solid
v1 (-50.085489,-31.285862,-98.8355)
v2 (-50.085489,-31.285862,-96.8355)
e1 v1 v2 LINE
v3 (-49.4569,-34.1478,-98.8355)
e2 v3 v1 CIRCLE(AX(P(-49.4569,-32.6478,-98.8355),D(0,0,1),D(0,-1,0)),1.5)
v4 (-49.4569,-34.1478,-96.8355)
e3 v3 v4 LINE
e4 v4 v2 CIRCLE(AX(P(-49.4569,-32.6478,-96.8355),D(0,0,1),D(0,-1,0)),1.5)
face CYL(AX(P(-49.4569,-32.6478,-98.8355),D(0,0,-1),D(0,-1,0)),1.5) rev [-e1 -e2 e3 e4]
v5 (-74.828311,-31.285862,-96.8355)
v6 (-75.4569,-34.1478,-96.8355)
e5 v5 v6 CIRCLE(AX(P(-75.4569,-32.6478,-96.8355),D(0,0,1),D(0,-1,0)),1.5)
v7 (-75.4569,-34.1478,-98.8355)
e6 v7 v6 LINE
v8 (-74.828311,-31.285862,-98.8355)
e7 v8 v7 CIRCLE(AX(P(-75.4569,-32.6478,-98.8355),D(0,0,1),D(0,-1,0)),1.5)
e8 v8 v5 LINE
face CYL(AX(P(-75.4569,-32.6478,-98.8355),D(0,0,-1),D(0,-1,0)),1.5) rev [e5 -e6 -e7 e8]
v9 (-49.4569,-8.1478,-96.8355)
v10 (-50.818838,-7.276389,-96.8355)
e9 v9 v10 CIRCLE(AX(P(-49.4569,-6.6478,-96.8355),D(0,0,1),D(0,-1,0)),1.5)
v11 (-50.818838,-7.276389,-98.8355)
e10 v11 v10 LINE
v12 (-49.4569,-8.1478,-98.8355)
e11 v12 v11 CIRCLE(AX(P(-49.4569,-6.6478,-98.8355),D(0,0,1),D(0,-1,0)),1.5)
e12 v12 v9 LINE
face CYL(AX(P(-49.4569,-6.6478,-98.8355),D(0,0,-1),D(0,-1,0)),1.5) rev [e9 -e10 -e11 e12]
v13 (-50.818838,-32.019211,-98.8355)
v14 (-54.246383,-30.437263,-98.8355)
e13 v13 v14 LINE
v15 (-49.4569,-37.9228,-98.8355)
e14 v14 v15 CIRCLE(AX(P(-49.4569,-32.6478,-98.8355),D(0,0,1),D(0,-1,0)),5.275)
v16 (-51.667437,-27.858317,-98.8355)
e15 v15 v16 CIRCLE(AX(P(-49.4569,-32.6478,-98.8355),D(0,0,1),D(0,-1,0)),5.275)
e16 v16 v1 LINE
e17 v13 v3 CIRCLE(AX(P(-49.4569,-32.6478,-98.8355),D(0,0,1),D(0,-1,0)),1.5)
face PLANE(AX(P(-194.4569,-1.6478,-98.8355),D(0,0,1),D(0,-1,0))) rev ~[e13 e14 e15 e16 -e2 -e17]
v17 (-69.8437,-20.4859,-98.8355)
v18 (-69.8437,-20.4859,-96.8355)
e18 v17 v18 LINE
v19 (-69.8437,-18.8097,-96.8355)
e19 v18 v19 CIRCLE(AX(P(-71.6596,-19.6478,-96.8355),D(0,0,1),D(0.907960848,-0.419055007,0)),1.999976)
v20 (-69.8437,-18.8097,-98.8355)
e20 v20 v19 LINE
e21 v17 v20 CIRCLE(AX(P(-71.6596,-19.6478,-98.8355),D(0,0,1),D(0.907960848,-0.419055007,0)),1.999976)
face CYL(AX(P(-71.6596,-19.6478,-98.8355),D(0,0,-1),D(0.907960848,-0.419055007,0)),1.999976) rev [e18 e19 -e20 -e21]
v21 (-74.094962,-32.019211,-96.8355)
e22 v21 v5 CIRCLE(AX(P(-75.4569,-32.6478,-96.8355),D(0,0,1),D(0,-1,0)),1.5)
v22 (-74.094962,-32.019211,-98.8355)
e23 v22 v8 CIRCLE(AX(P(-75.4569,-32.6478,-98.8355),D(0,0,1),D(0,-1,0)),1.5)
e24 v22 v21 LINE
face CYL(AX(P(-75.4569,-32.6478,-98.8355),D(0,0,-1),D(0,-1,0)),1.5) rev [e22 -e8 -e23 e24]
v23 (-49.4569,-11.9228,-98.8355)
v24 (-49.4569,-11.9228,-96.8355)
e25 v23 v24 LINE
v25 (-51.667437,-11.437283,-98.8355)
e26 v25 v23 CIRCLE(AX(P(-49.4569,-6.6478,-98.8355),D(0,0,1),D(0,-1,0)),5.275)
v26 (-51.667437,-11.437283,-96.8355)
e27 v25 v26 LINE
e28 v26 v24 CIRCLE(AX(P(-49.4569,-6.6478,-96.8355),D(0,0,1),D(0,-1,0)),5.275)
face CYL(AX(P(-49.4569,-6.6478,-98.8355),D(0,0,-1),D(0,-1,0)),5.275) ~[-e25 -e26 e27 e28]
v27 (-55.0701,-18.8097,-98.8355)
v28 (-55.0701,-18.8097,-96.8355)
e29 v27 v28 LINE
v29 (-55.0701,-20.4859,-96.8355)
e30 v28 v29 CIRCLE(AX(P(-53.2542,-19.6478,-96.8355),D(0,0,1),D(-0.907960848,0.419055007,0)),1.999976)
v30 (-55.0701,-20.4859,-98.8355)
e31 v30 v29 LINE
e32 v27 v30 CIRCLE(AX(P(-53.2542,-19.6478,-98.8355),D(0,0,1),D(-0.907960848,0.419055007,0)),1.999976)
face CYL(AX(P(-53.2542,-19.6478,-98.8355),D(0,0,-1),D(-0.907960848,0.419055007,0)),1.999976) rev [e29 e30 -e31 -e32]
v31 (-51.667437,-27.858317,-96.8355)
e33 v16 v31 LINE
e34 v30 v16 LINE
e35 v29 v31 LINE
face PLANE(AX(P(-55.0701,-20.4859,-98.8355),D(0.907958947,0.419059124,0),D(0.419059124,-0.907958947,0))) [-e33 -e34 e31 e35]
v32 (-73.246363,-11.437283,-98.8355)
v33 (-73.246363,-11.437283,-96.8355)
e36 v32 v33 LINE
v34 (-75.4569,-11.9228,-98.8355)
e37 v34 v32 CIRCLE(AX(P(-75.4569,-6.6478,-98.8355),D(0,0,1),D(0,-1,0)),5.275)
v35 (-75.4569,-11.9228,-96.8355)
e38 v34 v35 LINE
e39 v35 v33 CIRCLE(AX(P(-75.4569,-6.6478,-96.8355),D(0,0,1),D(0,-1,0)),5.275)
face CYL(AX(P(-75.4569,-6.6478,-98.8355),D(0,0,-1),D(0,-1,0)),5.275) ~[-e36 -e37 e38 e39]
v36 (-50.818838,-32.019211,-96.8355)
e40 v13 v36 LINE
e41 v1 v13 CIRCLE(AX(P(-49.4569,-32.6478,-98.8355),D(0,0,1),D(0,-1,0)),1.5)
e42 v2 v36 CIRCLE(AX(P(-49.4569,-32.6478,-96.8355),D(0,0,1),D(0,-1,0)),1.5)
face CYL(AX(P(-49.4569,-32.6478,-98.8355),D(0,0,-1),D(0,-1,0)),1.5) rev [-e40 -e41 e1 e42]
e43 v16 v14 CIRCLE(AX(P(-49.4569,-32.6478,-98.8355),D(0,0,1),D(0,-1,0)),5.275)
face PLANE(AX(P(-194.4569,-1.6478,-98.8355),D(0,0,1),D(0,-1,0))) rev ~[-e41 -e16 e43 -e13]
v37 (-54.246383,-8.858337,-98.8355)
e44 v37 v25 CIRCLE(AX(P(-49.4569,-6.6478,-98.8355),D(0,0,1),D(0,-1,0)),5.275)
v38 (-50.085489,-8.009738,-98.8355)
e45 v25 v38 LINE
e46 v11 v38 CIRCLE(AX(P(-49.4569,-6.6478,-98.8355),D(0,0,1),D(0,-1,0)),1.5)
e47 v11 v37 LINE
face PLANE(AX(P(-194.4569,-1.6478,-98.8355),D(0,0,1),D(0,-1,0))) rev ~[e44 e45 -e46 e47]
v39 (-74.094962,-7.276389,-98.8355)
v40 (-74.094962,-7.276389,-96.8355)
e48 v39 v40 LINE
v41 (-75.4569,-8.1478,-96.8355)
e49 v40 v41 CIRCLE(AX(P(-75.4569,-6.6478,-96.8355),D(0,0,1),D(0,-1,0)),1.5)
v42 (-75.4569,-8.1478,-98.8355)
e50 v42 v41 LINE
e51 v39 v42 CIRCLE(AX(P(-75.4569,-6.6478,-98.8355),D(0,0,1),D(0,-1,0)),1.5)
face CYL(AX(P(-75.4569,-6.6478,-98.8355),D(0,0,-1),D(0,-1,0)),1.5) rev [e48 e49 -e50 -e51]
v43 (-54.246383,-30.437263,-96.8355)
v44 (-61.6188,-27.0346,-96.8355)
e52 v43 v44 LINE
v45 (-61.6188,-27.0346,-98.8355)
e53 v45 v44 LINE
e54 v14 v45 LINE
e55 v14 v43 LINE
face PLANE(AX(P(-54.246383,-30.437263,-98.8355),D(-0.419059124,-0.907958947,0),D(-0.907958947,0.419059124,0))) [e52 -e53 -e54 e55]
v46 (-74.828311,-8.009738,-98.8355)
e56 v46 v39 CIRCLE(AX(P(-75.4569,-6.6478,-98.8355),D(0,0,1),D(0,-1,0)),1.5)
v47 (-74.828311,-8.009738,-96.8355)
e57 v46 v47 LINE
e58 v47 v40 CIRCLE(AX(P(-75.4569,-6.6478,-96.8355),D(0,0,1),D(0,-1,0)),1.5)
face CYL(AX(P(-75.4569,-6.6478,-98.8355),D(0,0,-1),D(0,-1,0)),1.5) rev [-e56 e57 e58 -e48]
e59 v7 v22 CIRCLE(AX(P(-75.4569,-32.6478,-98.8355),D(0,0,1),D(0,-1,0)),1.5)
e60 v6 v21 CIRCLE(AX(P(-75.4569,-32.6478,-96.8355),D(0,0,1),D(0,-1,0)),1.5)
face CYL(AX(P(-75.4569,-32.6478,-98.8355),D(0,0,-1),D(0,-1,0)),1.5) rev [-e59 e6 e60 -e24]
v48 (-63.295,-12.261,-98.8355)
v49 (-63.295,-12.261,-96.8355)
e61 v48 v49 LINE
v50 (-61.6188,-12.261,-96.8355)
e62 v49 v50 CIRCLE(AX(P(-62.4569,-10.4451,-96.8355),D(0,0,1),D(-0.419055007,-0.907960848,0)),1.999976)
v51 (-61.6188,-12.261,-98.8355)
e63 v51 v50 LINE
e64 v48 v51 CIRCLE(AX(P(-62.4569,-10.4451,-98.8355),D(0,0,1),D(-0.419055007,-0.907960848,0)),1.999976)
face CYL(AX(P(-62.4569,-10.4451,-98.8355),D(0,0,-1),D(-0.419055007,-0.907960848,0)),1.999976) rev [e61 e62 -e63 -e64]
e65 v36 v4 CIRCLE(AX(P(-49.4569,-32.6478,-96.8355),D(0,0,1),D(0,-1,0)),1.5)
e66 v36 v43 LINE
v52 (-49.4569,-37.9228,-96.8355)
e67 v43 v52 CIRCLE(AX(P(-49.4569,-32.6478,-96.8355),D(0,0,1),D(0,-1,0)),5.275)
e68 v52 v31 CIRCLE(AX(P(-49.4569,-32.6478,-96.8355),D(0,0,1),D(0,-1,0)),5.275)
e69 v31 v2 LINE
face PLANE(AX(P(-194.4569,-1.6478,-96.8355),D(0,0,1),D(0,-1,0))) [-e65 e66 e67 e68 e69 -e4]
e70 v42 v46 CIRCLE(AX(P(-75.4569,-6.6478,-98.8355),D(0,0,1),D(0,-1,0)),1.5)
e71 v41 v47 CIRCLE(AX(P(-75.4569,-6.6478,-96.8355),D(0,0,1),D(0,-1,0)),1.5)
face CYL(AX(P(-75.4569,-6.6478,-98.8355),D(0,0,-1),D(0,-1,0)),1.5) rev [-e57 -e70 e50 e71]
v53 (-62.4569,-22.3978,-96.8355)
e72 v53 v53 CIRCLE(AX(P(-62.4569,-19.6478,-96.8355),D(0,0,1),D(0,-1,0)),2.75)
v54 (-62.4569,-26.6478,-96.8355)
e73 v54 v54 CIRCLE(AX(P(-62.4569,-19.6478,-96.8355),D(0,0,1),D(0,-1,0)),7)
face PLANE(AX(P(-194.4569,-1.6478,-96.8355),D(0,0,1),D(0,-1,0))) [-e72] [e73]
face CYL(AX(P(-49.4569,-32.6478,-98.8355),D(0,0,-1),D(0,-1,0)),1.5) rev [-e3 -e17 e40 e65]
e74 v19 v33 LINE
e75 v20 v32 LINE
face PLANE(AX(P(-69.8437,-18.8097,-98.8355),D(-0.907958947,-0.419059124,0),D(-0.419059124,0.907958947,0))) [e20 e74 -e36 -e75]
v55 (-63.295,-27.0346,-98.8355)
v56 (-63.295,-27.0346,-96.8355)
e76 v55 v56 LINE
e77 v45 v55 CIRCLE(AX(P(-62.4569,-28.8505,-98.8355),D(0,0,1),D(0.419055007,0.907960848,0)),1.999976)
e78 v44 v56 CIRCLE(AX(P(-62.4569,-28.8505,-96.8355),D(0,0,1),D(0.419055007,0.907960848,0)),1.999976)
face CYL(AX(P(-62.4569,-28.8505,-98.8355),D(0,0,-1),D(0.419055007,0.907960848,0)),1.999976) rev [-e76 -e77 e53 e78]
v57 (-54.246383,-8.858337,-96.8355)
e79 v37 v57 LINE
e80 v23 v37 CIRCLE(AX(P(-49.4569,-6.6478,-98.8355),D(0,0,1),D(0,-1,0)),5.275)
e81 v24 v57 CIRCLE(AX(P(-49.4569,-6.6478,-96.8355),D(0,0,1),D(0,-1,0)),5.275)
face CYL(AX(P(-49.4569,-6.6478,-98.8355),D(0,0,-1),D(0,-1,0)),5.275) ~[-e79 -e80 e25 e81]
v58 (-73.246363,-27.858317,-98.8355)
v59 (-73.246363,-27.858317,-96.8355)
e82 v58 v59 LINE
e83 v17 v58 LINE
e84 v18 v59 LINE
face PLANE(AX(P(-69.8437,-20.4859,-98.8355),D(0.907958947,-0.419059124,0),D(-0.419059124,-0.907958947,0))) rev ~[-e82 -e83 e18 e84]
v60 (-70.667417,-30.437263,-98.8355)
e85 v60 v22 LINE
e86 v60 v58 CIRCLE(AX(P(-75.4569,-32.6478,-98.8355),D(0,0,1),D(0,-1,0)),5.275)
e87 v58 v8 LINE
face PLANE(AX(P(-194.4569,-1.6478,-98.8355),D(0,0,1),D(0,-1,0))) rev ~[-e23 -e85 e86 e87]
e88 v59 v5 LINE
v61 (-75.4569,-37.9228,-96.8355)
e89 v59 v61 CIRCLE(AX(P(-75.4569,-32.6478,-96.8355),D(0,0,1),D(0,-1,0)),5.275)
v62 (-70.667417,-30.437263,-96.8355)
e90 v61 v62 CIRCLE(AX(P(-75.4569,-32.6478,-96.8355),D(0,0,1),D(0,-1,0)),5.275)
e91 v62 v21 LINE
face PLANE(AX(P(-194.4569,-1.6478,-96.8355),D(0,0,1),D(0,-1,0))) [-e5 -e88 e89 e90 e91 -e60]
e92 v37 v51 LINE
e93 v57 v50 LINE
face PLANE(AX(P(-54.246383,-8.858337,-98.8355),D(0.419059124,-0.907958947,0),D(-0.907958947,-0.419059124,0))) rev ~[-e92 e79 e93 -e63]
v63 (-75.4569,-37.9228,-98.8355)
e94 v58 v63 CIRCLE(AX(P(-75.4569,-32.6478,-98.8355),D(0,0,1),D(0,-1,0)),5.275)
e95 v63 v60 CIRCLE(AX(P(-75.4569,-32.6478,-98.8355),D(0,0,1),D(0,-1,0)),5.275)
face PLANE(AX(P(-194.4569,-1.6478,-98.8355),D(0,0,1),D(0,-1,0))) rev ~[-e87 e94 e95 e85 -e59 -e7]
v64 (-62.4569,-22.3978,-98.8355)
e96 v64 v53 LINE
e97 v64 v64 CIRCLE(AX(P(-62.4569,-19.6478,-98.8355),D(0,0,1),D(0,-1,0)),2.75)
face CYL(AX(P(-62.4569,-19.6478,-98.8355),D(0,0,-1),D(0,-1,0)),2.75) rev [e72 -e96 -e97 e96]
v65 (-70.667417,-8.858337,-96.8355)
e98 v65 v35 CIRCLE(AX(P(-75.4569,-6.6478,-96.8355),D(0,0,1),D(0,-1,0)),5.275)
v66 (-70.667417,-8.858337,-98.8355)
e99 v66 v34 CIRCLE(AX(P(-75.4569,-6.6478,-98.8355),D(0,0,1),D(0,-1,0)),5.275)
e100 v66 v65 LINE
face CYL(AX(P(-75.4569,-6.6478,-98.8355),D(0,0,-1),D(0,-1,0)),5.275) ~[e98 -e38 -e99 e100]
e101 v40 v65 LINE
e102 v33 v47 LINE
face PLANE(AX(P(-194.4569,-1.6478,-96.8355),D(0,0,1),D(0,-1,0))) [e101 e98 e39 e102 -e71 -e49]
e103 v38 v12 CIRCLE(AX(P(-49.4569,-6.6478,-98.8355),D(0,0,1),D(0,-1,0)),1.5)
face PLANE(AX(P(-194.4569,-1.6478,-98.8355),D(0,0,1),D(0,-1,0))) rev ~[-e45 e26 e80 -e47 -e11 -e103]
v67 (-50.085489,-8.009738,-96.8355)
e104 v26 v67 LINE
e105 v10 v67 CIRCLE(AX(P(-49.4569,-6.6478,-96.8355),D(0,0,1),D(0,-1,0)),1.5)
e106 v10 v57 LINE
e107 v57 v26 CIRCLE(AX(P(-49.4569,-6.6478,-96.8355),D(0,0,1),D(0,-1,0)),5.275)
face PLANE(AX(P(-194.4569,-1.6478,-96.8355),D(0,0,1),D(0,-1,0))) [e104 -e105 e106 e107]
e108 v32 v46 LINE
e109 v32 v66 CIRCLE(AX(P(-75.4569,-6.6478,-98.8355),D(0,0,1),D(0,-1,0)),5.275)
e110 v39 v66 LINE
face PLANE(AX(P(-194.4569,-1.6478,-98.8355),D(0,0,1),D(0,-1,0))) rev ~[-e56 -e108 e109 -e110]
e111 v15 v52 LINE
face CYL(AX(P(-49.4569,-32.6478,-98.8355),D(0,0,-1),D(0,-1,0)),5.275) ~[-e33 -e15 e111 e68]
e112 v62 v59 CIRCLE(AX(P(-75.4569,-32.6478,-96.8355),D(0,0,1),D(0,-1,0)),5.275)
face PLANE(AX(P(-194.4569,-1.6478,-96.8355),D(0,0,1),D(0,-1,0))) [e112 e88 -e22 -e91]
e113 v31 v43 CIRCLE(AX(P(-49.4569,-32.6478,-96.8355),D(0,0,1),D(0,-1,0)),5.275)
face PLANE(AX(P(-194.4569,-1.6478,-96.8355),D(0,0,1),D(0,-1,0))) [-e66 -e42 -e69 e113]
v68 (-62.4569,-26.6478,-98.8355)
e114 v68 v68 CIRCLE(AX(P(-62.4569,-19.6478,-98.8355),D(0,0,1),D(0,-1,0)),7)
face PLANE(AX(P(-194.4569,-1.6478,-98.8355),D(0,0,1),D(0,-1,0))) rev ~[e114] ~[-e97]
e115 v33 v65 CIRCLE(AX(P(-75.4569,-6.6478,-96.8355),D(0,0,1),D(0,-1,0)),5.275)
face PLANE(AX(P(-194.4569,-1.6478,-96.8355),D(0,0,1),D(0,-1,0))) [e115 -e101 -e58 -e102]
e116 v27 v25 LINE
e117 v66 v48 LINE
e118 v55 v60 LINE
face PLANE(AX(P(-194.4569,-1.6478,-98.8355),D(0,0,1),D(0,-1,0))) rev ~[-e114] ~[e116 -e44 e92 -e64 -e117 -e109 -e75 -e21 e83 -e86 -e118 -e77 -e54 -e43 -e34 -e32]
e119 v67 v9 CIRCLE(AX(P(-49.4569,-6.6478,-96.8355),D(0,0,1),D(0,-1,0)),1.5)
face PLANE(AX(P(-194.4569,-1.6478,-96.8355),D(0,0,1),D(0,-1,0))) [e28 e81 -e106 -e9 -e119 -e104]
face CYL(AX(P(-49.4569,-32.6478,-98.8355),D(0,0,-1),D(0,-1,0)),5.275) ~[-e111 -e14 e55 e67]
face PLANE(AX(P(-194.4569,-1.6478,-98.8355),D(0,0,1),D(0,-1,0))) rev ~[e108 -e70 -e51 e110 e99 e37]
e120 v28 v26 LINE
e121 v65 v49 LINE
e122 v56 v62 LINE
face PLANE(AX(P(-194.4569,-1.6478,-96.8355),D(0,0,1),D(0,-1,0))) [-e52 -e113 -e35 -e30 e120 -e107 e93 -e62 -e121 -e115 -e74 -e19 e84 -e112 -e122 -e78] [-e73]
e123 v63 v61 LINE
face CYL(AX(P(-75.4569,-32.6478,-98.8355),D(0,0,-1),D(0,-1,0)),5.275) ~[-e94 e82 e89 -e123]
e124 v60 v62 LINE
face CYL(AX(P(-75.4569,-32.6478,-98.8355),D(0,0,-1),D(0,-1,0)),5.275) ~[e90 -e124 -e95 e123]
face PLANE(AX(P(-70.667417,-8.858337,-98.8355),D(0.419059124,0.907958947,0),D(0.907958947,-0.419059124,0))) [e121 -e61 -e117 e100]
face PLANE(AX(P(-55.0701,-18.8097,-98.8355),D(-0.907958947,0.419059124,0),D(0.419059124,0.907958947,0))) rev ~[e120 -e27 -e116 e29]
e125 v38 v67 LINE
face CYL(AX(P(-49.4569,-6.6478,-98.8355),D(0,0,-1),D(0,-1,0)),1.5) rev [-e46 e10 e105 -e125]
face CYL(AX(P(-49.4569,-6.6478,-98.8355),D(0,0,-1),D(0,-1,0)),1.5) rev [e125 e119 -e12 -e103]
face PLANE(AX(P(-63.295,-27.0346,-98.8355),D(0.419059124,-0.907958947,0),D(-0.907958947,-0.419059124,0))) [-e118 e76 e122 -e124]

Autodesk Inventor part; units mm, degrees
ref_plane "YZ Plane" through (0, 0, 0) normal (1, 0, 0) x (0, 1, 0)
ref_plane "XZ Plane" through (0, 0, 0) normal (0, 1, 0) x (-1, 0, 0)
ref_plane "XY Plane" through (0, 0, 0) normal (0, 0, 1) x (1, 0, 0)
ref_plane "РабПлоскость1" through (-194.4569, -1.6478, -98.8355) normal (0, 0, 1) x (0, -1, 0)
sketch "Эскиз1" plane through (-194.4569, -1.6478, -98.8355) normal (0, 0, 1) x (0, -1, 0)
  circle A0 centre (5, 145) radius 1.5 projected
  circle A1 centre (5, 119) radius 1.5 projected
  circle A2 centre (18, 132) radius 7 projected
  circle A3 centre (31, 119) radius 1.5 projected
  circle A4 centre (31, 145) radius 1.5 projected
  line L0 (18.8381, 124.6132) -> (31, 119)
  line L1 (17.1619, 124.6132) -> (5, 119)
  line L2 (5, 119) -> (10.6132, 131.1619)
  line L3 (5, 145) -> (10.6132, 132.8381)
  line L4 (17.1619, 139.3868) -> (5, 145)
  line L5 (18.8381, 139.3868) -> (31, 145)
  line L6 (31, 145) -> (25.3868, 132.8381)
  line L7 (25.3868, 131.1619) -> (31, 119)
  circle A5 centre (5, 119) radius 5.275
  circle A6 centre (5, 145) radius 5.275
  circle A7 centre (31, 145) radius 5.275
  circle A8 centre (31, 119) radius 5.275
  arc A9 (18.8381, 124.6132) -> (17.1619, 124.6132) centre (18, 122.7973) ccw
  arc A10 (25.3868, 132.8381) -> (25.3868, 131.1619) centre (27.2027, 132) ccw
  arc A11 (17.1619, 139.3868) -> (18.8381, 139.3868) centre (18, 141.2027) ccw
  arc A12 (10.6132, 131.1619) -> (10.6132, 132.8381) centre (8.7973, 132) ccw
  circle A13 centre (18, 132) radius 2.75
  point P0 (-1.6478, 194.4569)
  point P1 (18, 125)
  point P2 (11, 132)
  point P3 (18, 139)
  point P4 (25, 132)
  point P5 (9.7895, 121.2105)
  point P6 (26.2105, 121.2105)
  point P7 (28.7895, 123.7895)
  point P8 (28.7895, 140.2105)
  point P9 (26.2105, 142.7895)
  point P10 (9.7895, 142.7895)
  point P11 (7.2105, 140.2105)
  point P12 (7.2105, 123.7895)
  point P13 (6.3619, 119.6286)
  point P14 (5.6286, 120.3619)
  point P15 (5.6286, 143.6381)
  point P16 (6.3619, 144.3714)
  point P17 (29.6381, 144.3714)
  point P18 (30.3714, 143.6381)
  point P19 (30.3714, 120.3619)
  point P20 (29.6381, 119.6286)
  dimension "d0" = 2
  dimension "d1" = 5.5
extrude "Выдавливание1" add sketch "Эскиз1" along normal blind 2 contours A0 L3 A6 L4 | A0 L4 A6 L3 | A6 L4 A11 L5 A7 L6 A10 L7 A8 L0 A9 L1 A5 L2 A12 L3 | A5 L1 A1 L2 | L2 A1 L1 A5 | A7 L6 A4 L5 | L5 A4 L6 A7 | A8 L7 A3 L0 | L0 A3 L7 A8 | A2
properties part number "крепеж подшипника"
